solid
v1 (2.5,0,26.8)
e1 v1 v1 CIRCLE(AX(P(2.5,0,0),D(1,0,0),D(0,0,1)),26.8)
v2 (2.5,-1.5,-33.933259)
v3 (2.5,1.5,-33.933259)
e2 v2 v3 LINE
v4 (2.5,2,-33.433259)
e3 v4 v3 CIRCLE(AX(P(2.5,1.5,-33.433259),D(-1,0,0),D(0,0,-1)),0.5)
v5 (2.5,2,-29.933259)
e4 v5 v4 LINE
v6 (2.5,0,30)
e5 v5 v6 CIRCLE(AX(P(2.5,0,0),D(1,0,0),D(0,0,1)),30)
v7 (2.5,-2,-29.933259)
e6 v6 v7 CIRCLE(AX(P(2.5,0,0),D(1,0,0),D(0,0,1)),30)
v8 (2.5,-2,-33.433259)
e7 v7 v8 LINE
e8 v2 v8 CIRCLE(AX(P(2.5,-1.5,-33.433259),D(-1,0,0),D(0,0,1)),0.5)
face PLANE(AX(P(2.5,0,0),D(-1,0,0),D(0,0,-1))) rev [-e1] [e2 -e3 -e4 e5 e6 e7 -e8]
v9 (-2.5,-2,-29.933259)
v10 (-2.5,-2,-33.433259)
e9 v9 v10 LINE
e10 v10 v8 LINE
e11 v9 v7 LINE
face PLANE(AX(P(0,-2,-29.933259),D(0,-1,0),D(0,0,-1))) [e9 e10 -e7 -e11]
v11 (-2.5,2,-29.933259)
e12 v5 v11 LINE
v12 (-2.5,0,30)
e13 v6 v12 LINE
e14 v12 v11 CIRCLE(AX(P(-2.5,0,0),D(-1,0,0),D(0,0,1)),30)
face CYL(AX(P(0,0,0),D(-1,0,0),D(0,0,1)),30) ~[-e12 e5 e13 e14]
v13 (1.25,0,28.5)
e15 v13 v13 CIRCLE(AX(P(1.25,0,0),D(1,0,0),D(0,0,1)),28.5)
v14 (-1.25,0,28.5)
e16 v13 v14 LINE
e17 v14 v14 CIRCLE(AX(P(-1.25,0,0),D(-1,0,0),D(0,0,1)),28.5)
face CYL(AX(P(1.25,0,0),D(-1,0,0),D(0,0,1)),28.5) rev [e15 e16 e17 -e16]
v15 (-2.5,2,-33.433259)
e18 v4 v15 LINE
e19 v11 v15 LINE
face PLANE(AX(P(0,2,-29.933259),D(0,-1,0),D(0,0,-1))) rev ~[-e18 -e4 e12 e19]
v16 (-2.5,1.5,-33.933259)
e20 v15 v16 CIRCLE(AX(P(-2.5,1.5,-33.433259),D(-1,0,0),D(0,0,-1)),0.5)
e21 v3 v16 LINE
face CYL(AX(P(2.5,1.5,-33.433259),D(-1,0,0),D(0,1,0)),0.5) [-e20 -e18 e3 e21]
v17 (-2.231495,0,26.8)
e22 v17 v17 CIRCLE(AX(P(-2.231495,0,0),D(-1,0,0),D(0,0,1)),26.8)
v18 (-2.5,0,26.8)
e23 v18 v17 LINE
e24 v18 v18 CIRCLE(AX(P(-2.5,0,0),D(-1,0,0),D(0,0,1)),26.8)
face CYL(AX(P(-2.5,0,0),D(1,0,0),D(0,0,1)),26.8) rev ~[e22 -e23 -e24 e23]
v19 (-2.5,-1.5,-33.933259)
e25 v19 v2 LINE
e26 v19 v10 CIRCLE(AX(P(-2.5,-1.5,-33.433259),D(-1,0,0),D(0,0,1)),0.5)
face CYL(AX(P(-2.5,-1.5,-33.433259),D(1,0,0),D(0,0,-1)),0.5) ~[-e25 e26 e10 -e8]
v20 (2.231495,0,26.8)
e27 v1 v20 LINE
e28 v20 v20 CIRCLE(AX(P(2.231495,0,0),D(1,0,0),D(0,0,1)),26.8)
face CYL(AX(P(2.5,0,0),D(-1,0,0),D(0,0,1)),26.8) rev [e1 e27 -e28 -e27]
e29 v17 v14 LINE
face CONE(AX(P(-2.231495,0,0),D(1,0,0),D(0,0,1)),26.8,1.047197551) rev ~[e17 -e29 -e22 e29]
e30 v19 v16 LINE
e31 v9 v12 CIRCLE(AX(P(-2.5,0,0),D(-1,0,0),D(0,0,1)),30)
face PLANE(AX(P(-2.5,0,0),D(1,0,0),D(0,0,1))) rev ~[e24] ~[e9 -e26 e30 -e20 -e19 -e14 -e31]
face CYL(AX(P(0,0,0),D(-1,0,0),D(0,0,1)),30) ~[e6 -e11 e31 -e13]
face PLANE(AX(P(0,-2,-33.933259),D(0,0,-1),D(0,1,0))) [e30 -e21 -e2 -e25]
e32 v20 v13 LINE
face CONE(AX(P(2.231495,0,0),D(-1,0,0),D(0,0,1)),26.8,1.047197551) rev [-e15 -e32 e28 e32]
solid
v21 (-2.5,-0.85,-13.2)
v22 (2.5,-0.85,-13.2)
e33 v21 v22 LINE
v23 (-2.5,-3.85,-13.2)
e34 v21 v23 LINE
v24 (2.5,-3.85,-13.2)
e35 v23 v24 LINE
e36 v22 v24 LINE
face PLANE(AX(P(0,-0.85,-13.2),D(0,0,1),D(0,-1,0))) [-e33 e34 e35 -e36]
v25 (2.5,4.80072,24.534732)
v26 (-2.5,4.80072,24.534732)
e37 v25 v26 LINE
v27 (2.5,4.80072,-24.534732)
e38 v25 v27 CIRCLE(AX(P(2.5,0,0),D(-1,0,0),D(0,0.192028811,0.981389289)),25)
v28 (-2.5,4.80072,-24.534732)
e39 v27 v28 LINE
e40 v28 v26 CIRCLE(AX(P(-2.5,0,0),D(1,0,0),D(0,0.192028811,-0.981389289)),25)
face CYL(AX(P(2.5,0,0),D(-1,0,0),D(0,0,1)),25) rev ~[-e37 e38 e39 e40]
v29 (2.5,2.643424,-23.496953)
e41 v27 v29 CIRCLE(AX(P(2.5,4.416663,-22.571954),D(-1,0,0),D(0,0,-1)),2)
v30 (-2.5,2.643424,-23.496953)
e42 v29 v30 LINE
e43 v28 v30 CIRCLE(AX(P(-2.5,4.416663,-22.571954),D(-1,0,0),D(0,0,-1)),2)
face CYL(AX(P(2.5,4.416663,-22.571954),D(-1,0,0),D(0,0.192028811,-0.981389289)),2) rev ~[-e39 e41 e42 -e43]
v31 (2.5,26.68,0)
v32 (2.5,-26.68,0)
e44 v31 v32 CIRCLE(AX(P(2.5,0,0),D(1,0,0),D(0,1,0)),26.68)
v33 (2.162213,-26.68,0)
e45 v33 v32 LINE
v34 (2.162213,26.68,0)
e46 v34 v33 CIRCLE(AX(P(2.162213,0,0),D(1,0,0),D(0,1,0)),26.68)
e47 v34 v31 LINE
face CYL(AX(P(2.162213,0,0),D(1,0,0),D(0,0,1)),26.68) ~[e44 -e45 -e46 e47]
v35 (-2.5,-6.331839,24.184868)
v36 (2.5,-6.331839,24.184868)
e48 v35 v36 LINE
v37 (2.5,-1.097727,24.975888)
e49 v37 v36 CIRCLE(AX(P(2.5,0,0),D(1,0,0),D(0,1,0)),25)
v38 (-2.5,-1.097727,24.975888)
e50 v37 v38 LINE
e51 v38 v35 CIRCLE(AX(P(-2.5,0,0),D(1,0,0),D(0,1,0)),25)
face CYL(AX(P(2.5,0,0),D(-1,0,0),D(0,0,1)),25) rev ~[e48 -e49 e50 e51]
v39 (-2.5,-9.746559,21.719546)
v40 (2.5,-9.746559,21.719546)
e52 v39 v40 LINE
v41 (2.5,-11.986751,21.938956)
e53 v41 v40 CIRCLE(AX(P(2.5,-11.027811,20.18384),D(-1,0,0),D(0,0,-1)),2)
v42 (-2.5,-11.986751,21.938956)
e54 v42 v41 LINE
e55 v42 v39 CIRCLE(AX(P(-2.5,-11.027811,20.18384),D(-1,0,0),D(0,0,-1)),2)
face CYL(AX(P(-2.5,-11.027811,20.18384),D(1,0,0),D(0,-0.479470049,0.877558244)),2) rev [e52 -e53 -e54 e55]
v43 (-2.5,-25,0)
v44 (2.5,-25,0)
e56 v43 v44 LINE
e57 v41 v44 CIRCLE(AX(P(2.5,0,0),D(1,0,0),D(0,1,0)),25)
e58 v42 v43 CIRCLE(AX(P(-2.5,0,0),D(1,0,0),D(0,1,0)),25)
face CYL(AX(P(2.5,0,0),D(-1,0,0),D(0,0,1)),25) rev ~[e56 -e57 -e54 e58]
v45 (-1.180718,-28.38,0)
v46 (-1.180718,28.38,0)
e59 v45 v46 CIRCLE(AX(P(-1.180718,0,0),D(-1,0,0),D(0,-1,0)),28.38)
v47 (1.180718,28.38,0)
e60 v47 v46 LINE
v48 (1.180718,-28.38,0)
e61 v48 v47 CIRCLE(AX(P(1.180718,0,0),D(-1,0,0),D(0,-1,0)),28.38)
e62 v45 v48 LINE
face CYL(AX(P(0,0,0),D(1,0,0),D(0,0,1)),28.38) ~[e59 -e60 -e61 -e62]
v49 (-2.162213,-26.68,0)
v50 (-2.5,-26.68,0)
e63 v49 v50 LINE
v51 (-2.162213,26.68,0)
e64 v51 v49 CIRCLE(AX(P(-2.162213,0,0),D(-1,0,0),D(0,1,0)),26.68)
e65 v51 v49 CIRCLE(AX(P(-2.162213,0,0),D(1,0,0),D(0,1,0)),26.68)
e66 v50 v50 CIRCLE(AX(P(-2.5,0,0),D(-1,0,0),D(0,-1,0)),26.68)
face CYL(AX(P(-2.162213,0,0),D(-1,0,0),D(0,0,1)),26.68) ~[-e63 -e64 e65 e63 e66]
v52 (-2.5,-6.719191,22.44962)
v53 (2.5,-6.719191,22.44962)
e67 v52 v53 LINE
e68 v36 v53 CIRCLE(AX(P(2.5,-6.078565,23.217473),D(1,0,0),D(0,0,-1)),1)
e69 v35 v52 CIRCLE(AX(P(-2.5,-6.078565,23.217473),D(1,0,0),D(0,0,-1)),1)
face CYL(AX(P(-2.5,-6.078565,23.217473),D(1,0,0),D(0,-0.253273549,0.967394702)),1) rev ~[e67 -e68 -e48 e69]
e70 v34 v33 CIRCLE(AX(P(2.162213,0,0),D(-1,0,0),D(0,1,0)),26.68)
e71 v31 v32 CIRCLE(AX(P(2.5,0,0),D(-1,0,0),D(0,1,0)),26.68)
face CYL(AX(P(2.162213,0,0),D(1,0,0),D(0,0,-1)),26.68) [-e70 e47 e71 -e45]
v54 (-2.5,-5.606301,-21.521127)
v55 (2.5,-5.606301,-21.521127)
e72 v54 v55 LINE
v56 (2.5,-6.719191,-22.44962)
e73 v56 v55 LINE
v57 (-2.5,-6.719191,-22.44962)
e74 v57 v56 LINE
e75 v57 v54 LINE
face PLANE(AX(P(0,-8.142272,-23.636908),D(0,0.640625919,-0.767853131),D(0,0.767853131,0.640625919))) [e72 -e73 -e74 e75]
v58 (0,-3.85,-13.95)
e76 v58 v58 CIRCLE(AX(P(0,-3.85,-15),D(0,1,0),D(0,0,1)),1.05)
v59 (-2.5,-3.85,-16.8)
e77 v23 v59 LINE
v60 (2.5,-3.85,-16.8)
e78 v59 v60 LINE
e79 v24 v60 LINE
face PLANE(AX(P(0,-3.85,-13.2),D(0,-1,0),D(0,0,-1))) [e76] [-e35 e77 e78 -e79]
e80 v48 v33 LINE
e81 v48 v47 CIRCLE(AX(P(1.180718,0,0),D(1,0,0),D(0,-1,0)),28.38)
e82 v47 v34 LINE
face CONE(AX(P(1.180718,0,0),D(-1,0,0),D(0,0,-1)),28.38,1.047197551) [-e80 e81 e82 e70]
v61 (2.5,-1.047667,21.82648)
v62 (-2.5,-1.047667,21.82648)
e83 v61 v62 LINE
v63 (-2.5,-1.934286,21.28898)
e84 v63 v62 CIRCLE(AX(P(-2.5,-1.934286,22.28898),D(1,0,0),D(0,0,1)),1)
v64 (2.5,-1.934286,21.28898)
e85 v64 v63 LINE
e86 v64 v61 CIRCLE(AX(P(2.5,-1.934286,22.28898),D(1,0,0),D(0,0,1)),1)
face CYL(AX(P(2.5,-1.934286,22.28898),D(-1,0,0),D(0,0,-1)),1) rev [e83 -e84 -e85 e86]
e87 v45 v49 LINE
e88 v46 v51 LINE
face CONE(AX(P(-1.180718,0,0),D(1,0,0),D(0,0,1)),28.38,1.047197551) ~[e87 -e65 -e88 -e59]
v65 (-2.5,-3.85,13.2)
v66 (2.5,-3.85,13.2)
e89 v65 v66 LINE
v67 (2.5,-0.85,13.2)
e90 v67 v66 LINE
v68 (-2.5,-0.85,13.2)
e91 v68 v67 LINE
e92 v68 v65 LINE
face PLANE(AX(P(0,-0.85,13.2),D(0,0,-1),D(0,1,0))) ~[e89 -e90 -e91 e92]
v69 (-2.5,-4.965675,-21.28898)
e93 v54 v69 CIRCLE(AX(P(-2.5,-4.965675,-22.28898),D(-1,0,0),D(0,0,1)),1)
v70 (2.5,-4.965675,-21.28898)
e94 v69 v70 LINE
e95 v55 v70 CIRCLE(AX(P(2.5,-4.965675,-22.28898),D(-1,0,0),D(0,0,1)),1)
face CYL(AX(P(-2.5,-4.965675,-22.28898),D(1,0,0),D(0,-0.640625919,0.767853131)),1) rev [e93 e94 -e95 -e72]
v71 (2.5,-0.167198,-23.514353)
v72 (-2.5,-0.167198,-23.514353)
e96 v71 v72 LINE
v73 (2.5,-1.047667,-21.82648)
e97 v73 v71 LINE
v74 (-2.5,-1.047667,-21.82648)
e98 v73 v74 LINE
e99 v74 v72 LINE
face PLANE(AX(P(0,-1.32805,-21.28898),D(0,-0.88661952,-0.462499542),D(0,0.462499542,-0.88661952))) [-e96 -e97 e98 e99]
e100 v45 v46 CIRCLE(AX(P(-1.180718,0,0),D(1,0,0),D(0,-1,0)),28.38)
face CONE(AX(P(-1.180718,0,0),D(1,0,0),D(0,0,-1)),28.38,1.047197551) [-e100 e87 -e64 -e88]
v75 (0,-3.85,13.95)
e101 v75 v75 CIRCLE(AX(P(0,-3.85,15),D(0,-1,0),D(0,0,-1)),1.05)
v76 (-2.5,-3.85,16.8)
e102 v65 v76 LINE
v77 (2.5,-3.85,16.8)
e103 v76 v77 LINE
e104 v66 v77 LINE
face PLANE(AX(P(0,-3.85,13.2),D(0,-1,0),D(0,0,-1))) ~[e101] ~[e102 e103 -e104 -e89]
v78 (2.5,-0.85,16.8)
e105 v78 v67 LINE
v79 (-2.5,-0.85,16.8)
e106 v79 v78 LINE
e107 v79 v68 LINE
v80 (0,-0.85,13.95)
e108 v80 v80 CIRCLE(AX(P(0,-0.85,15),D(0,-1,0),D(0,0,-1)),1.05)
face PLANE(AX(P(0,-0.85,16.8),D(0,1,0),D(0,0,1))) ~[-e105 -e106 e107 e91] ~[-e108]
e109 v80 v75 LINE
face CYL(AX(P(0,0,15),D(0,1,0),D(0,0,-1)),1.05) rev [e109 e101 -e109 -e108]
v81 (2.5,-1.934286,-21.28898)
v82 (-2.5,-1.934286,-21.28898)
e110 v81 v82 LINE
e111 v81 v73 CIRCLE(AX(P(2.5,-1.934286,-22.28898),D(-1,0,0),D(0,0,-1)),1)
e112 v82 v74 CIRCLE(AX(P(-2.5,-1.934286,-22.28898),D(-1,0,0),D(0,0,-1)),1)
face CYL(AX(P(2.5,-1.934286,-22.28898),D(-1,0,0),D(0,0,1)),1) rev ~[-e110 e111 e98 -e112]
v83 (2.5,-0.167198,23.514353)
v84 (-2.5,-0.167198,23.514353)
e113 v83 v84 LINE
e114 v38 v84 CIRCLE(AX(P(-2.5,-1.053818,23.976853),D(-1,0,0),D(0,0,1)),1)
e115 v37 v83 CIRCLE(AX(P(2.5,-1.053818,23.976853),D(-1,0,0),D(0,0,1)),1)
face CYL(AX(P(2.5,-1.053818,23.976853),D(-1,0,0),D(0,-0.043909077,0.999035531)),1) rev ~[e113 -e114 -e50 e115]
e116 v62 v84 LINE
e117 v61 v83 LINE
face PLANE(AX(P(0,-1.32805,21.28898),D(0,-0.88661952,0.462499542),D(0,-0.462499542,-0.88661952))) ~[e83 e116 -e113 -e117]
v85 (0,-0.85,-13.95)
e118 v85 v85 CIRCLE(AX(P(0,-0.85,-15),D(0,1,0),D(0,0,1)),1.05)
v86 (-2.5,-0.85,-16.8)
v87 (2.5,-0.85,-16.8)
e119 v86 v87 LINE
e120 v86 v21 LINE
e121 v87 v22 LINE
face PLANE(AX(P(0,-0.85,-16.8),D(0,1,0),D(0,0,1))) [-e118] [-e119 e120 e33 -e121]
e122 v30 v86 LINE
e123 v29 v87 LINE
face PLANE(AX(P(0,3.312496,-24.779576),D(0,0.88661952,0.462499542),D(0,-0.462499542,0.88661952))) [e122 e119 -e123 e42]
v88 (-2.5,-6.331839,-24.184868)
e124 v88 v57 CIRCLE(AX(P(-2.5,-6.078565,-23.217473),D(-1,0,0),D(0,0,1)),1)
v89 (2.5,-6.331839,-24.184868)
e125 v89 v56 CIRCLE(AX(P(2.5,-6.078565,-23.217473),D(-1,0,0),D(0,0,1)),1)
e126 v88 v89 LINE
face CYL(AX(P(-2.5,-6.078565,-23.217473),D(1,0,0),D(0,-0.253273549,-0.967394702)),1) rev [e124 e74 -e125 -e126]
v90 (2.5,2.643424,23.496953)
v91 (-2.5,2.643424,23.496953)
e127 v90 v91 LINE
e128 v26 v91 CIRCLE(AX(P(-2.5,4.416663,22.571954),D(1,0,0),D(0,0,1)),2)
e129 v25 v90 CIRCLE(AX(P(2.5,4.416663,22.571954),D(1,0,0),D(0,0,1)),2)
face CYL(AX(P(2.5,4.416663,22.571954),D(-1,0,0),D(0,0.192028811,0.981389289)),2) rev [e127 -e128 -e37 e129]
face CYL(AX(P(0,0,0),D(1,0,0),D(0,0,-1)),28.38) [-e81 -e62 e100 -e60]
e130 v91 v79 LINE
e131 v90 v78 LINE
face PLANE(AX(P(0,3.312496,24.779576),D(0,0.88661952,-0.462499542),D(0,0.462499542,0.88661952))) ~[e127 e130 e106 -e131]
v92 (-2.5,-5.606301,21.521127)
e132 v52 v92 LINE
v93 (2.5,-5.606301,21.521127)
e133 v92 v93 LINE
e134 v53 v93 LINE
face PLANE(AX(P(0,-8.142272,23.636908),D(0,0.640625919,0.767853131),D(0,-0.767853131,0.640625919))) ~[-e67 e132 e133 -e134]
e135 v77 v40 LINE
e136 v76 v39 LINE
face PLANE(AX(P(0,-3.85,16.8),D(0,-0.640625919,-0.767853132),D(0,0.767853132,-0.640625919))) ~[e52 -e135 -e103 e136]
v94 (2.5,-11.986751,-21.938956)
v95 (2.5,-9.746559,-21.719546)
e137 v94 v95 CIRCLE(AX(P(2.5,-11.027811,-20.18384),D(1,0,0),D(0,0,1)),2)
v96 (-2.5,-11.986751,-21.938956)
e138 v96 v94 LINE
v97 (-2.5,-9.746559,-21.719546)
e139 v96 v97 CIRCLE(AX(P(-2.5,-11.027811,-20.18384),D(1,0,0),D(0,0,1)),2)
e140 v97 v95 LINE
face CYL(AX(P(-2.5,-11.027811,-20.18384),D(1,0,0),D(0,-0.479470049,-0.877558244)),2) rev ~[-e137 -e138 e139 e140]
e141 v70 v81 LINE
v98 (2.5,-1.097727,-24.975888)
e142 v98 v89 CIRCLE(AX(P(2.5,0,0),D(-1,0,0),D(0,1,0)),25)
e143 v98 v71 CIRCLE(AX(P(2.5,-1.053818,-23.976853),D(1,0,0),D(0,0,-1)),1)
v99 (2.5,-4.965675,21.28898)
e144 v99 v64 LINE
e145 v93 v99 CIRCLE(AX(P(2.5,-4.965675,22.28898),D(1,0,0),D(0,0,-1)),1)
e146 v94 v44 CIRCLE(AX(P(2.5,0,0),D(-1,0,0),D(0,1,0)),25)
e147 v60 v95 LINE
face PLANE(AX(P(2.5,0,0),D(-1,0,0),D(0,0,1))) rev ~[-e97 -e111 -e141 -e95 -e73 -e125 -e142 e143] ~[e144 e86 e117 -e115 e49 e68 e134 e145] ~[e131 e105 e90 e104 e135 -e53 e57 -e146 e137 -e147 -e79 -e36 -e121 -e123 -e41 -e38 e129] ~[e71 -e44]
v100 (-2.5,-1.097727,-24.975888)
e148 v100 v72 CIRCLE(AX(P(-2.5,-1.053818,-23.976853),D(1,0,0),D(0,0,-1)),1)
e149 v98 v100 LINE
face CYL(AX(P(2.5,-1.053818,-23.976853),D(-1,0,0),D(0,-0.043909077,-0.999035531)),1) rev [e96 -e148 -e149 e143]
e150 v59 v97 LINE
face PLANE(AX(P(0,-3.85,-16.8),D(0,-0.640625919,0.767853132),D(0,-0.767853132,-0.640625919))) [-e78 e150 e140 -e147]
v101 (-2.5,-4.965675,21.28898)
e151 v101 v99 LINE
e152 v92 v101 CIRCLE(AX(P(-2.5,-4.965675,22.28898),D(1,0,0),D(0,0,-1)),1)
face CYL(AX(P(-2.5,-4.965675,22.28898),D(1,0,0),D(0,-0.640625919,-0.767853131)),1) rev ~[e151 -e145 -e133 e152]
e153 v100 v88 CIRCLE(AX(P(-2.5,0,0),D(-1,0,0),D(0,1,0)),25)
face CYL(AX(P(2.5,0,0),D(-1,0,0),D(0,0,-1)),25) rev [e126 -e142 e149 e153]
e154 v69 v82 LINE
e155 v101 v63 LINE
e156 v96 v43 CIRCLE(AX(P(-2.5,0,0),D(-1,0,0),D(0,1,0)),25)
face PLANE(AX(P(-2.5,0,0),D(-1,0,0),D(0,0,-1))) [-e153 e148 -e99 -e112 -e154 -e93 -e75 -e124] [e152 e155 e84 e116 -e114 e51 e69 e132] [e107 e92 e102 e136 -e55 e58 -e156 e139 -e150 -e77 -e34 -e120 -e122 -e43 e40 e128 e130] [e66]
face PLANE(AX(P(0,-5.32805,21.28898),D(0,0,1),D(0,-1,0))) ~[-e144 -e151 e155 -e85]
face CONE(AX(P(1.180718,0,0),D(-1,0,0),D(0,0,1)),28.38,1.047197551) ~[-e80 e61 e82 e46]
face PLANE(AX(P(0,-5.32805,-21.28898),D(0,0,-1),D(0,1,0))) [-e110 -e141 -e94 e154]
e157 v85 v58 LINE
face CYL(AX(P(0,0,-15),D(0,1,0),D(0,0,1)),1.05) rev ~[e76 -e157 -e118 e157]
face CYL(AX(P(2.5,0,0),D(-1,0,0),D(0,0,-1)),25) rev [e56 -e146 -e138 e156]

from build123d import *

# Parameters (mm, degrees)
REVOLVE2_ANGLE      = 180
BOSS_EXTRUDE1_DEPTH = 2.5
FILLET1_R           = 2
FILLET2_R           = 1
CUT_EXTRUDE1_REACH  = 44.5
SKETCH4_R           = 1.05
SKETCH5_W           = 4
SKETCH5_H           = 4
BOSS_EXTRUDE2_DEPTH = 2.5
FILLET3_R           = 0.5


with BuildPart() as part:
    # Sketch2 → Revolve1 (revolve)
    with BuildSketch(Plane(origin=(0, 0, 0), x_dir=(1, 0, 0), z_dir=(0, 1, 0)), mode=Mode.PRIVATE) as revolve1_sk:
        Polygon((-1.25, 28.5), (0, 28.5), (0, 30), (-2.5, 30), (-2.5, 26.8), (-2.231495458, 26.8), align=None)
    revolve1 = revolve(revolve1_sk.sketch.rotate(Axis((0, 0, 0), (1, 0, 0)), 180), axis=Axis((0, 0, 0), (1, 0, 0)))


with BuildPart() as body_2:
    # Sketch2<3> → Revolve2 (revolve, symmetric)
    with BuildSketch(Plane(origin=(0, 0, 0), x_dir=(1, 0, 0), z_dir=(0, 1, 0))) as revolve2_sk:
        Polygon((-2.5, 25), (0, 25), (0, 28.38), (-1.180717968, 28.38), (-2.162213425, 26.68), (-2.5, 26.68), align=None)
    revolve2 = revolve(axis=Axis((0, 0, 0), (1, 0, 0)), revolution_arc=REVOLVE2_ANGLE / 2)
    revolve2 = revolve2 + revolve(revolve2_sk.sketch, axis=Axis((0, 0, 0), (-1, 0, 0)), revolution_arc=REVOLVE2_ANGLE / 2)


with BuildPart() as part_1:
    add(part.part)

    add(body_2.part)  # Mirror1 merges body 2
    # Mirror1: Revolve1, Revolve2 across plane
    add(revolve1.mirror(Plane(origin=(0, 0, 0), x_dir=(0, 0, 1), z_dir=(1, 0, 0))))
    add(revolve2.mirror(Plane(origin=(0, 0, 0), x_dir=(0, 0, 1), z_dir=(1, 0, 0))))

    # Sketch3 → Boss-Extrude1 (add, symmetric)
    with BuildSketch(Plane(origin=(0, 0, 0), x_dir=(0, 0, -1), z_dir=(1, 0, 0))):
        with BuildLine():
            Line((24.779575684, 3.312495874), (16.8, -0.85))
            Line((16.8, -0.85), (13.2, -0.85))
            Line((13.2, -0.85), (13.2, -3.85))
            Line((13.2, -3.85), (16.8, -3.85))
            Line((16.8, -3.85), (22.565633273, -10.760678184))
            ThreePointArc((22.565633273, -10.760678184), (23.138338492, -9.466640999), (23.636907605, -8.142272341))
            Line((23.636907605, -8.142272341), (21.288980036, -5.328050372))
            Line((21.288980036, -5.328050372), (21.288980036, -1.328050372))
            Line((21.288980036, -1.328050372), (24.99270325, 0.603973737))
            ThreePointArc((24.99270325, 0.603973737), (24.92296051, 1.961132171), (24.779575684, 3.312495874))
        make_face()
    extrude(amount=BOSS_EXTRUDE1_DEPTH, both=True)

    # Fillet1
    fillet1_edges = [part_1.edges().sort_by_distance(p)[0] for p in [
        (0, 3.312495874, -24.779575684),
        (0, -10.760678184, -22.565633273),
    ]]
    fillet(fillet1_edges, radius=FILLET1_R)

    # Fillet2
    fillet2_edges = [part_1.edges().sort_by_distance(p)[0] for p in [
        (0, -1.328050372, -21.288980036),
        (0, 0.603973737, -24.99270325),
        (0, -8.142272341, -23.636907605),
        (0, -5.328050372, -21.288980036),
    ]]
    fillet(fillet2_edges, radius=FILLET2_R)

    # Sketch4 → Cut-Extrude1 (cut, up to next)
    with BuildSketch(Plane(origin=(0, 0, 0), x_dir=(1, 0, 0), z_dir=(0, 1, 0)), mode=Mode.PRIVATE) as cut_extrude1_sk1:
        with Locations(Location((0, 15, 0), (0, 0, 270))):
            Circle(SKETCH4_R)
    cut_extrude1_tool1 = extrude(cut_extrude1_sk1.sketch, amount=-CUT_EXTRUDE1_REACH, mode=Mode.PRIVATE) & part_1.part
    add(cut_extrude1_tool1.solids().sort_by_distance((0, 0, -15))[0], mode=Mode.SUBTRACT)

    # Mirror2: part across plane


with BuildPart() as part_2:
    add(part_1.part)
    add(part_1.part.mirror(Plane.XY))

    # Sketch5 → Boss-Extrude2 (add, symmetric)
    with BuildSketch(Plane(origin=(0, 0, 0), x_dir=(0, 0, -1), z_dir=(1, 0, 0))):
        with Locations((31.933259094, 0)):
            Rectangle(SKETCH5_W, SKETCH5_H)
    extrude(amount=BOSS_EXTRUDE2_DEPTH, both=True)

    # Fillet3
    fillet3_edges = [part_2.edges().sort_by_distance(p)[0] for p in [
        (0, 2, -33.933259094),
        (0, -2, -33.933259094),
    ]]
    fillet(fillet3_edges, radius=FILLET3_R)


solid = part_2.part
